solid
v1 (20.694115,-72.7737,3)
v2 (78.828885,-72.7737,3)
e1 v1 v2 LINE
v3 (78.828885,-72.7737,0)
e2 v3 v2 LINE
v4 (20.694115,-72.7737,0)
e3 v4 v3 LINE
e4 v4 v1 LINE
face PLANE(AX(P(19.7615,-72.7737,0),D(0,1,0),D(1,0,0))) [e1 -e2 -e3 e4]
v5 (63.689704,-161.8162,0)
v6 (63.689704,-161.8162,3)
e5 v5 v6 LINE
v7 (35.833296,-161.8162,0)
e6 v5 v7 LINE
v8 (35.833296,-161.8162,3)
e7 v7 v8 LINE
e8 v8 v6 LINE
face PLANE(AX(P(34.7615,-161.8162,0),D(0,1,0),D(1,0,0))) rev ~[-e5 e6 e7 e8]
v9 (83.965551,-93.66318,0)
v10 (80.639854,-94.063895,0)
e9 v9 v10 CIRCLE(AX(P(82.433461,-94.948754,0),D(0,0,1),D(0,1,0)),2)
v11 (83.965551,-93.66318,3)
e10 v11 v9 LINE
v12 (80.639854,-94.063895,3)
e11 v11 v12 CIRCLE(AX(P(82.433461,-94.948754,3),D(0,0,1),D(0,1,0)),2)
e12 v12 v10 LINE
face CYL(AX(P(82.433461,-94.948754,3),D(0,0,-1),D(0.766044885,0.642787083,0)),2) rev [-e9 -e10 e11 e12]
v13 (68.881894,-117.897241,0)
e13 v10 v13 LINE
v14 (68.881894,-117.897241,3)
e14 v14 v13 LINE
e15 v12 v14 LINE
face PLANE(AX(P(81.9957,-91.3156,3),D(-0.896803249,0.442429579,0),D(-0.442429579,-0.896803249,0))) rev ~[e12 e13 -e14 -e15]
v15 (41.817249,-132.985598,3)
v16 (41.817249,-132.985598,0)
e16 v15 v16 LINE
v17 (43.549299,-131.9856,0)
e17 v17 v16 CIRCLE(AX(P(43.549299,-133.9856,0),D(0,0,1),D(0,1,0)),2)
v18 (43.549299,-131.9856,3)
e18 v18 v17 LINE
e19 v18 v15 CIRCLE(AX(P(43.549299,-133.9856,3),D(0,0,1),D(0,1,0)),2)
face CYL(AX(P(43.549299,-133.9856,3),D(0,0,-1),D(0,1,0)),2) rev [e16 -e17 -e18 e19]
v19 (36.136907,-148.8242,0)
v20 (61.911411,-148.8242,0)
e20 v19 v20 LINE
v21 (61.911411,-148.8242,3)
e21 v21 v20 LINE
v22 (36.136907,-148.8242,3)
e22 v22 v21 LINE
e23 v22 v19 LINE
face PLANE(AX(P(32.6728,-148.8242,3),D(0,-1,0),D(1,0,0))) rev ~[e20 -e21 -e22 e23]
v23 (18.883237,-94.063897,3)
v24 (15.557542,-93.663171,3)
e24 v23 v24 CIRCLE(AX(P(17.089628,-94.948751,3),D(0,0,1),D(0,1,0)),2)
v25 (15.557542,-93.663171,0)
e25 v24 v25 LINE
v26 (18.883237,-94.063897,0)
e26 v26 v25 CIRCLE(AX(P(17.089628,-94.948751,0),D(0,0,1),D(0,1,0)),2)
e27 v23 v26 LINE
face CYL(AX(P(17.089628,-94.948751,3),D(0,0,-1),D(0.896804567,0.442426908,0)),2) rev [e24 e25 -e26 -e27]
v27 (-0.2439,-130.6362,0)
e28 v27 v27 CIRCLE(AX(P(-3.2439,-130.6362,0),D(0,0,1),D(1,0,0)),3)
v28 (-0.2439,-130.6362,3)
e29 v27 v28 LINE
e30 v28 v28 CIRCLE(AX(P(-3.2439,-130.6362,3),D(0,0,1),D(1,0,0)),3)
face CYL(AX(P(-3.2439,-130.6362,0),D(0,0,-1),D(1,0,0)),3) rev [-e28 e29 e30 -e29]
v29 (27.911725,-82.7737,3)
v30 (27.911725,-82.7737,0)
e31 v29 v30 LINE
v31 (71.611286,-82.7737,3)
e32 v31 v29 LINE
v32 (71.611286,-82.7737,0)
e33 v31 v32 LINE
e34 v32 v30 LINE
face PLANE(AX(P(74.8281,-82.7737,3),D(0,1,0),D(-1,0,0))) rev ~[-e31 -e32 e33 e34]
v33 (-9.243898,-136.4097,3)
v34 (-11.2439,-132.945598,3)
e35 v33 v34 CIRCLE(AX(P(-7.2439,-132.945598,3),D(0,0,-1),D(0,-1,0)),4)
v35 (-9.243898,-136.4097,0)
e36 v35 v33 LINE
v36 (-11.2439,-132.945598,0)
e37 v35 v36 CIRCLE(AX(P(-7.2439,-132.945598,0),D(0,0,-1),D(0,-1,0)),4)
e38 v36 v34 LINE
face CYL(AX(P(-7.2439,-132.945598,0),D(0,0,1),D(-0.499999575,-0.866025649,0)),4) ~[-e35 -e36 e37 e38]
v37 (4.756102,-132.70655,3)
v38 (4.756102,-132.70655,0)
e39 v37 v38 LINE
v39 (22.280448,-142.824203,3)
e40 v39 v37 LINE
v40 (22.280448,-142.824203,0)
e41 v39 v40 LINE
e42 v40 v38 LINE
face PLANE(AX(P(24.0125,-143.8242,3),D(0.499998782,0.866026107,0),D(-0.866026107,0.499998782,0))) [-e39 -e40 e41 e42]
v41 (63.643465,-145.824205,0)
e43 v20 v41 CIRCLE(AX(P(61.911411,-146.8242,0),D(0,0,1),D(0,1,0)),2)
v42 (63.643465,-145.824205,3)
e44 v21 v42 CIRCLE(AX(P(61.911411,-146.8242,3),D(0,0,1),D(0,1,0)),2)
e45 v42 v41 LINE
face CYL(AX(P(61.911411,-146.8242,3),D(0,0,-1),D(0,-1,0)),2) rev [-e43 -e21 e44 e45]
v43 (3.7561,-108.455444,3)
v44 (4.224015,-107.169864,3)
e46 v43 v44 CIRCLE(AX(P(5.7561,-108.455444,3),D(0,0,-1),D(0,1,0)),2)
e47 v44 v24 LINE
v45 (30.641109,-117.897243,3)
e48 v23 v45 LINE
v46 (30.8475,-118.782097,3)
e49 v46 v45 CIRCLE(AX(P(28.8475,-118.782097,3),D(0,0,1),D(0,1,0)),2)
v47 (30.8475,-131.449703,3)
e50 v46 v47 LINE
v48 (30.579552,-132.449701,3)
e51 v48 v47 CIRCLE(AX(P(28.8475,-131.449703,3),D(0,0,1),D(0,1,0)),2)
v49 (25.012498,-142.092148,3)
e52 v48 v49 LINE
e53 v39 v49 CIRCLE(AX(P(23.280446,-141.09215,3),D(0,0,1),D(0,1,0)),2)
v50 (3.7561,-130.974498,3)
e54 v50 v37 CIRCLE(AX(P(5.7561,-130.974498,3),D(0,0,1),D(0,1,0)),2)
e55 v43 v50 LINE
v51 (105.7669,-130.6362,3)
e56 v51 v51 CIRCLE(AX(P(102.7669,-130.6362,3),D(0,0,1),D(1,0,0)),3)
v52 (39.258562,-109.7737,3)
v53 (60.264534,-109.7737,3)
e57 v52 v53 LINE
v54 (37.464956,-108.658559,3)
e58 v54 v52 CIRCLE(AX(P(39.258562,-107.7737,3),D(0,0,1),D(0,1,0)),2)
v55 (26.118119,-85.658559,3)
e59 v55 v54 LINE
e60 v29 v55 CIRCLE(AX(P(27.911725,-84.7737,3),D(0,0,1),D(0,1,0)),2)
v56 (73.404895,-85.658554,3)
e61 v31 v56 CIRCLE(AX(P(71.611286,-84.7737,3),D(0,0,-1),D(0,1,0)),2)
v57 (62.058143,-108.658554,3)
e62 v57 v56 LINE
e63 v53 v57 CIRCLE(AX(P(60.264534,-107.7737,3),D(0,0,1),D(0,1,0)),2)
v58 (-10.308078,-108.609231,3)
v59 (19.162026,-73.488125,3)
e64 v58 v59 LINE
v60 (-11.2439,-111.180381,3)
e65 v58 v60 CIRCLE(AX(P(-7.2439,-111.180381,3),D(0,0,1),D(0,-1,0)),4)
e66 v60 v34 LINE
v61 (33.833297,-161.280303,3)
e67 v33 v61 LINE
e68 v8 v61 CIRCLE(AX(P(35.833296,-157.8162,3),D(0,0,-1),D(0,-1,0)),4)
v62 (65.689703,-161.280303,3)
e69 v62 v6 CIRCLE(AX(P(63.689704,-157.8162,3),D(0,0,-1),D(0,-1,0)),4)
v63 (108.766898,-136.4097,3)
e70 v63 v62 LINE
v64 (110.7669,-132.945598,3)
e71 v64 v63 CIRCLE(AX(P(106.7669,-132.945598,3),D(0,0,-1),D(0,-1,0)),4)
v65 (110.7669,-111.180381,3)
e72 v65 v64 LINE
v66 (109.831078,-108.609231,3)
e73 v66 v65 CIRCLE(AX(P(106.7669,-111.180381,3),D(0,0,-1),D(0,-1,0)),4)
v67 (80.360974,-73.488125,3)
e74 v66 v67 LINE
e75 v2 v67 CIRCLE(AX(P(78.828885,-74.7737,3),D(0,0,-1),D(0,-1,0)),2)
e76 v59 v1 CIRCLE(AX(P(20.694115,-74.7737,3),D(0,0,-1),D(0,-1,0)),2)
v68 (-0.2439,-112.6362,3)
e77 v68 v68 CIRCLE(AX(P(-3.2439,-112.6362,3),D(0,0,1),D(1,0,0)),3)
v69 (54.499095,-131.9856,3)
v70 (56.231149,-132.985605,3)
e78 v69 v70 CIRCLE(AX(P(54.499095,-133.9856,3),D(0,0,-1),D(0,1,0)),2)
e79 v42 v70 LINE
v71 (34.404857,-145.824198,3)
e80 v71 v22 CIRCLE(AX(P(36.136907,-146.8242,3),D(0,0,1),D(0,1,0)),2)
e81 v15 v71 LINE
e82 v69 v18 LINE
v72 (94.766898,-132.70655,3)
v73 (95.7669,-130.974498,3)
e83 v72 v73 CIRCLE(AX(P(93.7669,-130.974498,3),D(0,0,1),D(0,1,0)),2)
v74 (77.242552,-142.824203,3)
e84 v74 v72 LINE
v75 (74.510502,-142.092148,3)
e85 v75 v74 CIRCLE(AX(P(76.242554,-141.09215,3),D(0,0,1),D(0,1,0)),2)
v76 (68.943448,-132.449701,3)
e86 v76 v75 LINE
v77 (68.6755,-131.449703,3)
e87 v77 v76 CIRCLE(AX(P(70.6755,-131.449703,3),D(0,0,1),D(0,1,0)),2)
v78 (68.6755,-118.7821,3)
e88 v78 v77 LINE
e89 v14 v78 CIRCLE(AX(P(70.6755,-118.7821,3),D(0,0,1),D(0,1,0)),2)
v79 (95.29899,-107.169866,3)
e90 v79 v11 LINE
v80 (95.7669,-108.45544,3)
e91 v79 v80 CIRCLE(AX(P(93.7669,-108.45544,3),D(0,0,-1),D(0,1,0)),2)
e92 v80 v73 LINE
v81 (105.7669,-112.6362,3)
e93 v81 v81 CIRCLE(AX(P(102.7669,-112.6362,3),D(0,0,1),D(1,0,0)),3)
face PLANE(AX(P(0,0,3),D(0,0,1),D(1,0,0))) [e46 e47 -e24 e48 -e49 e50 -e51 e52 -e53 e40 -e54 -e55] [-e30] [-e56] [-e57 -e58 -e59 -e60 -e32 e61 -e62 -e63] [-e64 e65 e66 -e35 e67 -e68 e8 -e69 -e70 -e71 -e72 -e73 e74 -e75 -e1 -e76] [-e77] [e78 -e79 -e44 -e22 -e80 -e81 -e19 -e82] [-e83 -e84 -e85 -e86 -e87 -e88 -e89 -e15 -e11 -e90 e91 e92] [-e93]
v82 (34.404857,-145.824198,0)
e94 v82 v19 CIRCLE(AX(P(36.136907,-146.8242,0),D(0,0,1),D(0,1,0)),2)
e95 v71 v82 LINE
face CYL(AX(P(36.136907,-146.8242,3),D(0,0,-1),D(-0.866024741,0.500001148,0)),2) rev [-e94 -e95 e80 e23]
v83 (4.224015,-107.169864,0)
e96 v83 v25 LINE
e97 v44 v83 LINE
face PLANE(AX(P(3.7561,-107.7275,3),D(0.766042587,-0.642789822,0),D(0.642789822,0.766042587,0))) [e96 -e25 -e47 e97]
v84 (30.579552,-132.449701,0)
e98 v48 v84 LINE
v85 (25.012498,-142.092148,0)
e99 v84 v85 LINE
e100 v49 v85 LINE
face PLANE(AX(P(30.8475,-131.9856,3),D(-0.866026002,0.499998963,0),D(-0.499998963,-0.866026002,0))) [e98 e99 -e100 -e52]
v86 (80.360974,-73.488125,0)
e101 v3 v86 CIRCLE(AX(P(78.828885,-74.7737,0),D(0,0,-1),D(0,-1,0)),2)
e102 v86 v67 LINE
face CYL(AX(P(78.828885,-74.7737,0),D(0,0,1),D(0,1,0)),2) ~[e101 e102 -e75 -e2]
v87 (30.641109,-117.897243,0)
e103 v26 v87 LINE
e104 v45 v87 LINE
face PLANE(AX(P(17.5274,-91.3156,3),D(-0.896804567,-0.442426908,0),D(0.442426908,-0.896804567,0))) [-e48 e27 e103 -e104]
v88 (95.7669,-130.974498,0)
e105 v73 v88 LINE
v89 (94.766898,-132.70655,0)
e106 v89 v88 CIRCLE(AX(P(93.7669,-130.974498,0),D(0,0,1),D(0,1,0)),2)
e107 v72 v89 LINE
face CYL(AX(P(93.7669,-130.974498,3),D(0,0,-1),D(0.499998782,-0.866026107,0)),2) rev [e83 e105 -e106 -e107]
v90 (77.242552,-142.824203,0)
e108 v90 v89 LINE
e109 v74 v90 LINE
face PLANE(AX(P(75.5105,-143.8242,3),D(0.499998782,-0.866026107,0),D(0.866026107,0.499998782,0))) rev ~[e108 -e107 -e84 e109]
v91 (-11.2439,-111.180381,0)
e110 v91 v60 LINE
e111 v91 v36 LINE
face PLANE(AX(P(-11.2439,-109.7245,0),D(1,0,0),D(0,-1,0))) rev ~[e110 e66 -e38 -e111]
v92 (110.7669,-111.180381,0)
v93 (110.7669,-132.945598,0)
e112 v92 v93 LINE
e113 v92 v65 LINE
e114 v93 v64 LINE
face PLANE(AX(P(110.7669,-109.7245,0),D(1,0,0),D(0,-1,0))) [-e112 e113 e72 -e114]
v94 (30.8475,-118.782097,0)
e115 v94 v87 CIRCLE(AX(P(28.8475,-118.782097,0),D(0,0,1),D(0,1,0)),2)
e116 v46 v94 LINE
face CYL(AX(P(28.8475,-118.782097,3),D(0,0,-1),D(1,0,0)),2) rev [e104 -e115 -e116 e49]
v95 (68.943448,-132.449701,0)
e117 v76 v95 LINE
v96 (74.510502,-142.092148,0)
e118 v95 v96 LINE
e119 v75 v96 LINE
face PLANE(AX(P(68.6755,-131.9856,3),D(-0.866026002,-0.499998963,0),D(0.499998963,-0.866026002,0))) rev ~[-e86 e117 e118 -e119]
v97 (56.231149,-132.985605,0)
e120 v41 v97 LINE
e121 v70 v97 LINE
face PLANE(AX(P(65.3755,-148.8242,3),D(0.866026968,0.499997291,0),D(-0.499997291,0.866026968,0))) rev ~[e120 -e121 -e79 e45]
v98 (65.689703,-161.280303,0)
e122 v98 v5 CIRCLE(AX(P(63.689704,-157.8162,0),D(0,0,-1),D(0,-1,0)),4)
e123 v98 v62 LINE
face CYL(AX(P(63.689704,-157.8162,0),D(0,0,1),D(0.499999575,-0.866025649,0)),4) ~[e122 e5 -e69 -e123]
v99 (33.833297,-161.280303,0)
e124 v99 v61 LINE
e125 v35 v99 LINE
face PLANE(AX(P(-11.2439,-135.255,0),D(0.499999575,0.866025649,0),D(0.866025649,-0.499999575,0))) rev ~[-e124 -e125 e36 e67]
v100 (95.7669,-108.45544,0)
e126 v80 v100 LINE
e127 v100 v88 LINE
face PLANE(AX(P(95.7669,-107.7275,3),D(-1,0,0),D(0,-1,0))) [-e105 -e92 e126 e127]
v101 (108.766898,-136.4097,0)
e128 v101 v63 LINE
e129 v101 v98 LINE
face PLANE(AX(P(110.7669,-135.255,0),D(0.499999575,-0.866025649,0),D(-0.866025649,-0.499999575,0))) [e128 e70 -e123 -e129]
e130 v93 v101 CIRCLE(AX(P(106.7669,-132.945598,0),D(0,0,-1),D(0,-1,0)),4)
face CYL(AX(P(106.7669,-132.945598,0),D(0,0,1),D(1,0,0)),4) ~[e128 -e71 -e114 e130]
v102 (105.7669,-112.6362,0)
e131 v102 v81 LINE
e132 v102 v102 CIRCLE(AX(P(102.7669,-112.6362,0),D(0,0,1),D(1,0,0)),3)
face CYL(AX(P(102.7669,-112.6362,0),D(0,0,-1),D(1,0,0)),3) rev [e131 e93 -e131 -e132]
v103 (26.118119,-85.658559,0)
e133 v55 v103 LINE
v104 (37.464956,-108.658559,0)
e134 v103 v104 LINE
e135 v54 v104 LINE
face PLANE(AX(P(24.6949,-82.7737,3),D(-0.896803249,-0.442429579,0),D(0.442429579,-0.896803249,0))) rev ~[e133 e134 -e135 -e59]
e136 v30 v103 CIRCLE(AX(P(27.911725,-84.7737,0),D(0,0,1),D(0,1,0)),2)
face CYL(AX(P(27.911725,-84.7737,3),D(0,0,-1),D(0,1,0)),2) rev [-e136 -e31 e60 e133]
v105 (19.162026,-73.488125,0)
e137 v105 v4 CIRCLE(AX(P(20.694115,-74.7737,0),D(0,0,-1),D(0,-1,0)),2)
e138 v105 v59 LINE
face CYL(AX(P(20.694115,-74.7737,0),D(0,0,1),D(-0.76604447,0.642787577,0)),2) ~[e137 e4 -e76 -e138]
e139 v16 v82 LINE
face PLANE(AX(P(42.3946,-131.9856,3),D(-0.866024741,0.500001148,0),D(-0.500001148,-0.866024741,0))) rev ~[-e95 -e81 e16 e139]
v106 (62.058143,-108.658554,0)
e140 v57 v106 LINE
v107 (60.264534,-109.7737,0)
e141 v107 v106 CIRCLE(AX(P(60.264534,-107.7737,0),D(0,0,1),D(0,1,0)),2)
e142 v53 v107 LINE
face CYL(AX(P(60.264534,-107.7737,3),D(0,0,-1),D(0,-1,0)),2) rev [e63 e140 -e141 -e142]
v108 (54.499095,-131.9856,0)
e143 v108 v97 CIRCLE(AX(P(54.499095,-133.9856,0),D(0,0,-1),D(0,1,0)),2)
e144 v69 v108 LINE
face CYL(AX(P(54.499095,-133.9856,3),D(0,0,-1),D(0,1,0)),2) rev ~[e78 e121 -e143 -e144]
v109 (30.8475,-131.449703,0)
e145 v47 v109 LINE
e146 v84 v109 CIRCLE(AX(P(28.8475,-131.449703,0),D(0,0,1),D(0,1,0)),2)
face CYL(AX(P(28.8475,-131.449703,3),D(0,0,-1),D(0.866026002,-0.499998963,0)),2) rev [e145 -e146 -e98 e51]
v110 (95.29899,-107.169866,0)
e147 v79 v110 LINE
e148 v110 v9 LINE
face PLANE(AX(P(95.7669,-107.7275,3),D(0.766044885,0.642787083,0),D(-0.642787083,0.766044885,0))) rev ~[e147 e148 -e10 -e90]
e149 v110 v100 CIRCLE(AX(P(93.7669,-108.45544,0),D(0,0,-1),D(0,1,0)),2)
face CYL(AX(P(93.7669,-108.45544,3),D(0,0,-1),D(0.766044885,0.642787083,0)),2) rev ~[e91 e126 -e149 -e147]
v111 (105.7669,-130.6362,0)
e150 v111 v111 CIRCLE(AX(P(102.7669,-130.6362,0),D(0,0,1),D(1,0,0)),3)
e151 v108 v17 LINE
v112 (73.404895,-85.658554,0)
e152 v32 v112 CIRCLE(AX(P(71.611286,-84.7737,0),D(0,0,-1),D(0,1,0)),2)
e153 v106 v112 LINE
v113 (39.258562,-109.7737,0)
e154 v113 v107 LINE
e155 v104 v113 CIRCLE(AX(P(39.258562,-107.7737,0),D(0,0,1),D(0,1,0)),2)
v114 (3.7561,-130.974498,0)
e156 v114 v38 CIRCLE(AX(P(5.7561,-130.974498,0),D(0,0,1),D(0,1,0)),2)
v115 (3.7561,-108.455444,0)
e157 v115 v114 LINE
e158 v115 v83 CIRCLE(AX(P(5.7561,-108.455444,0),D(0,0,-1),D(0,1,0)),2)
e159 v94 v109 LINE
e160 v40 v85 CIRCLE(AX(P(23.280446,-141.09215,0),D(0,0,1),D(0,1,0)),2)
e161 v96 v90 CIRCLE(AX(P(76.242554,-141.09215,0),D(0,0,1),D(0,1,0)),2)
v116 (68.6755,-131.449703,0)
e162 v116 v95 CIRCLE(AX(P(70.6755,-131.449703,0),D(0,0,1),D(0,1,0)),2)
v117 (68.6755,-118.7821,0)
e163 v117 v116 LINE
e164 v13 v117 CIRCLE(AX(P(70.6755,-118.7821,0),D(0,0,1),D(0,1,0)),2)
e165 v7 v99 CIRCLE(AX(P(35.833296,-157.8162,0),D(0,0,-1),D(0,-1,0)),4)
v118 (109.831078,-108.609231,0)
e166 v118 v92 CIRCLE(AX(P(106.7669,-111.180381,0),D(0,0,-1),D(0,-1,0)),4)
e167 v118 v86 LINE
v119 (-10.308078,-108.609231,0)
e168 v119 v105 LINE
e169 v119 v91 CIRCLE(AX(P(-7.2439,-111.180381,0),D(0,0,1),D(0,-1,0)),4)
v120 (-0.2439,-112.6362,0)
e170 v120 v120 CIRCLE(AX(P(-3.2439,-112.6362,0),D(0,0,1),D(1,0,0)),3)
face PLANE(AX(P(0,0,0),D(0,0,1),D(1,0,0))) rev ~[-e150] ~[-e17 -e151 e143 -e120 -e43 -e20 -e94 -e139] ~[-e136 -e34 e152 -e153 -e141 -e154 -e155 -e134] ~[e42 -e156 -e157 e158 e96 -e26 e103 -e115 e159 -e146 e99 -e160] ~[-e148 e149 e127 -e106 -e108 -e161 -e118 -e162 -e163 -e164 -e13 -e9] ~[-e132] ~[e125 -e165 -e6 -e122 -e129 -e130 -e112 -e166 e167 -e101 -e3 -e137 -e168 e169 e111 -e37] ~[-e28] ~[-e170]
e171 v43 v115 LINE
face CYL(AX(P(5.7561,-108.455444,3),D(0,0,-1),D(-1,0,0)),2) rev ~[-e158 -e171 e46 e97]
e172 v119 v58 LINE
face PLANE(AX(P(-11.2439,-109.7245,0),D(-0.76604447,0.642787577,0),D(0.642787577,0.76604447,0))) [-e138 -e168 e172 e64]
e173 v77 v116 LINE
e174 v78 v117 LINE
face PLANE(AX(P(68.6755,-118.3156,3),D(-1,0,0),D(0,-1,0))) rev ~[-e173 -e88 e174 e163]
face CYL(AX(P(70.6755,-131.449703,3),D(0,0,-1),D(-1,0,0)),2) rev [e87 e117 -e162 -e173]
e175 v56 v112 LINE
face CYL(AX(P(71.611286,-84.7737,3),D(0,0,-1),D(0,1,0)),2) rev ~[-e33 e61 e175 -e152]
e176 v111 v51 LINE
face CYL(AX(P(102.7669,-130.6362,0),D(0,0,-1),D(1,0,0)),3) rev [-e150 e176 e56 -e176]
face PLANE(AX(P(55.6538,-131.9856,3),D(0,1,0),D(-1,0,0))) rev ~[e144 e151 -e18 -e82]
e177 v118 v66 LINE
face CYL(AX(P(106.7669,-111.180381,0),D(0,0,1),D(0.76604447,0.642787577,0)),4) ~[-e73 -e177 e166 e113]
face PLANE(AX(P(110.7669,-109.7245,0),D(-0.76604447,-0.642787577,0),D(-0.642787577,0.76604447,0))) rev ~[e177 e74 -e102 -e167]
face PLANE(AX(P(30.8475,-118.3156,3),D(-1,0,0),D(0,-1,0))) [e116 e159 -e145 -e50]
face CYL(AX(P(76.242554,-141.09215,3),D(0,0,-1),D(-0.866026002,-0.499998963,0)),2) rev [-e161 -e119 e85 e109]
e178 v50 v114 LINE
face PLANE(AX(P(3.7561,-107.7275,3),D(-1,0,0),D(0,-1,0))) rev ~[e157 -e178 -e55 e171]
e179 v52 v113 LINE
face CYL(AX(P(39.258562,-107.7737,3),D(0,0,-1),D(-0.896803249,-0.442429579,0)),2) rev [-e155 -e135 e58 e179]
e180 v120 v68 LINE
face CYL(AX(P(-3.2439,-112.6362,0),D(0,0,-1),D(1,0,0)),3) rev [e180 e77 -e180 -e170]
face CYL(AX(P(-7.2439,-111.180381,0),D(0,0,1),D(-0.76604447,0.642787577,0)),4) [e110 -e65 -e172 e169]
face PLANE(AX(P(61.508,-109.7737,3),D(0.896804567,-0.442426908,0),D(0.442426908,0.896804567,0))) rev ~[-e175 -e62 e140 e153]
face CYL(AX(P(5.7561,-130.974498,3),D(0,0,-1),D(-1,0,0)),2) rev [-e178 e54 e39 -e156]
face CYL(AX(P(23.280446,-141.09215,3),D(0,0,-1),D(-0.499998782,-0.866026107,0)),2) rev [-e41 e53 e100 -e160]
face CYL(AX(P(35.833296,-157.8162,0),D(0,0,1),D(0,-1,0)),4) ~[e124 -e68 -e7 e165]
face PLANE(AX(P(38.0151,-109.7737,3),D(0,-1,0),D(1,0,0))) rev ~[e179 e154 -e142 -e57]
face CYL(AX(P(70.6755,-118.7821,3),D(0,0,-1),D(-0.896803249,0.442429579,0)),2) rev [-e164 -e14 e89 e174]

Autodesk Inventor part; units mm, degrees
ref_plane "YZ Plane" through (0, 0, 0) normal (1, 0, 0) x (0, 1, 0)
ref_plane "XZ Plane" through (0, 0, 0) normal (0, 1, 0) x (-1, 0, 0)
ref_plane "XY Plane" through (0, 0, 0) normal (0, 0, 1) x (1, 0, 0)
sketch "Sketch1" plane through (0, 0, 0) normal (0, 0, 1) x (1, 0, 0)
  circle A0 centre (-3.2439, -112.6362) radius 2.7 construction
  circle A1 centre (-3.2439, -130.6362) radius 2.7 construction
  line L0 (49.7615, -342.4426) -> (49.7615, 314.6303) construction
  line L1 (-11.2439, -109.7245) -> (-11.2439, -135.255)
  line L2 (-11.2439, -109.7245) -> (19.7615, -72.7737)
  line L3 (19.7615, -72.7737) -> (49.7615, -72.7737)
  circle A2 centre (-3.2439, -112.6362) radius 3
  circle A3 centre (-3.2439, -130.6362) radius 3
  line L4 (-11.2439, -135.255) -> (34.7615, -161.8162)
  line L5 (34.7615, -161.8162) -> (49.7615, -161.8162)
  line L6 (110.7669, -109.7245) -> (110.7669, -135.255)
  line L7 (110.7669, -109.7245) -> (79.7615, -72.7737)
  line L8 (79.7615, -72.7737) -> (49.7615, -72.7737)
  circle A4 centre (102.7669, -112.6362) radius 3
  circle A5 centre (102.7669, -130.6362) radius 3
  line L9 (110.7669, -135.255) -> (64.7615, -161.8162)
  line L10 (64.7615, -161.8162) -> (49.7615, -161.8162)
  point P0 (0, 0)
  dimension "d0" = 6
  dimension "d1" = 6
  dimension "d8" = 8
  dimension "d16" = 30
  dimension "d17" = 15
  dimension "d18" = 60
  dimension "d19" = 40
  dimension "d20" = 8
  dimension "d21" = 8
extrude "Plate1" add sketch "Sketch1" along normal blind 3
fillet "Fillet1" radius 4 6 edges at (-11.2439, -135.255, 1.5) (-11.2439, -109.7245, 1.5) (110.7669, -109.7245, 1.5) (110.7669, -135.255, 1.5) (64.7615, -161.8162, 1.5) (34.7615, -161.8162, 1.5)
sketch "Sketch2" plane through (0, 0, 3) normal (0, 0, 1) x (1, 0, 0)
  arc A0 (19.774, -118.0434) -> (18.9211, -121.2485) centre (16.9316, -119.0031) ccw projected
  arc A1 (80.0915, -120.6614) -> (80.0915, -117.3448) centre (82.5915, -119.0031) ccw projected
  arc A2 (47.082, -94.8758) -> (52.441, -94.8758) centre (49.7615, -96.225) ccw projected
  line L0 (3.7561, -107.7275) -> (3.7561, -132.1292)
  line L1 (3.7561, -107.7275) -> (17.5274, -91.3156)
  line L2 (17.5274, -91.3156) -> (30.8475, -118.3156)
  line L3 (30.8475, -118.3156) -> (30.8475, -131.9856)
  line L4 (30.8475, -131.9856) -> (24.0125, -143.8242)
  line L5 (24.0125, -143.8242) -> (3.7561, -132.1292)
  line L6 (24.6949, -82.7737) -> (38.0151, -109.7737)
  line L7 (38.0151, -109.7737) -> (61.508, -109.7737)
  line L8 (19.7615, -72.7737) -> (79.7615, -72.7737) projected
  line L9 (61.508, -109.7737) -> (74.8281, -82.7737)
  line L10 (74.8281, -82.7737) -> (24.6949, -82.7737)
  line L11 (-10.308, -108.6092) -> (19.7615, -72.7737) projected
  line L12 (33.8333, -161.2803) -> (-9.2439, -136.4097) projected
  line L13 (-11.2439, -132.9456) -> (-11.2439, -111.1803) projected
  arc A3 (63.6897, -161.8162) -> (65.6897, -161.2803) centre (63.6897, -157.8162) ccw projected
  line L14 (19.7615, -72.7737) -> (63.6897, -161.8162) construction
  line L15 (17.5274, -91.3156) -> (24.6949, -82.7737) construction
  line L16 (38.0151, -109.7737) -> (30.8475, -118.3156) construction
  line L17 (49.7615, -82.7737) -> (49.7615, -72.7737) construction
  line L18 (79.7615, -72.7737) -> (109.8311, -108.6092) projected
  line L19 (35.8333, -161.8162) -> (63.6897, -161.8162) projected
  line L20 (79.7615, -72.7737) -> (35.8333, -161.8162) construction
  line L21 (95.7669, -107.7275) -> (95.7669, -132.1292)
  line L22 (95.7669, -107.7275) -> (81.9957, -91.3156)
  line L23 (81.9957, -91.3156) -> (68.6755, -118.3156)
  line L24 (68.6755, -118.3156) -> (68.6755, -131.9856)
  line L25 (68.6755, -131.9856) -> (75.5105, -143.8242)
  line L26 (75.5105, -143.8242) -> (95.7669, -132.1292)
  line L27 (42.3946, -131.9856) -> (32.6728, -148.8242)
  line L28 (32.6728, -148.8242) -> (65.3755, -148.8242)
  line L29 (65.3755, -148.8242) -> (55.6538, -131.9856)
  line L30 (55.6538, -131.9856) -> (42.3946, -131.9856)
  line L31 (30.8475, -131.9856) -> (68.6755, -131.9856) construction
  line L32 (24.0125, -143.8242) -> (32.6728, -148.8242) construction
  line L33 (65.3755, -148.8242) -> (75.5105, -143.8242) construction
  point P0 (0, 0)
  point P1 (37.5337, -140.4049)
  dimension "d22" = 10
  dimension "d23" = 15
  dimension "d24" = 27
  dimension "d25" = 10.2071
  dimension "d26" = 10.2071
  dimension "d27" = 10.2071
  dimension "d28" = 10
extrude "Cut1" cut sketch "Sketch2" against normal blind 3
fillet "Fillet2" radius 2 22 edges at (19.7615, -72.7737, 1.5) (79.7615, -72.7737, 1.5) (17.5274, -91.3156, 1.5) (3.7561, -107.7275, 1.5) (3.7561, -132.1292, 1.5) (24.0125, -143.8242, 1.5) (30.8475, -131.9856, 1.5) (30.8475, -118.3156, 1.5) (74.8281, -82.7737, 1.5) (24.6949, -82.7737, 1.5) (38.0151, -109.7737, 1.5) (61.508, -109.7737, 1.5) (81.9957, -91.3156, 1.5) (68.6755, -118.3156, 1.5) (68.6755, -131.9856, 1.5) (75.5105, -143.8242, 1.5) (95.7669, -132.1292, 1.5) (95.7669, -107.7275, 1.5) (55.6538, -131.9856, 1.5) (42.3946, -131.9856, 1.5) (32.6728, -148.8242, 1.5) (65.3755, -148.8242, 1.5)
equation "\"d26\" = d25"
equation "\"d27\" = d25"
equation "\"d10\" = Thickness"
equation "\"BendRadius\" = Thickness"
equation "\"BendReliefWidth\" = Thickness"
equation "\"BendReliefDepth\" = 0.5 * Thickness"
equation "\"CornerReliefSize\" = 4 * Thickness"
equation "\"MinimumRemnant\" = 2 * Thickness"
equation "\"TransitionRadius\" = BendRadius"
equation "\"JacobiRadiusSize\" = BendRadius"
equation "\"GapSize\" = Thickness"
equation "\"Thickness\" = 3"
properties part number "JawMount"
